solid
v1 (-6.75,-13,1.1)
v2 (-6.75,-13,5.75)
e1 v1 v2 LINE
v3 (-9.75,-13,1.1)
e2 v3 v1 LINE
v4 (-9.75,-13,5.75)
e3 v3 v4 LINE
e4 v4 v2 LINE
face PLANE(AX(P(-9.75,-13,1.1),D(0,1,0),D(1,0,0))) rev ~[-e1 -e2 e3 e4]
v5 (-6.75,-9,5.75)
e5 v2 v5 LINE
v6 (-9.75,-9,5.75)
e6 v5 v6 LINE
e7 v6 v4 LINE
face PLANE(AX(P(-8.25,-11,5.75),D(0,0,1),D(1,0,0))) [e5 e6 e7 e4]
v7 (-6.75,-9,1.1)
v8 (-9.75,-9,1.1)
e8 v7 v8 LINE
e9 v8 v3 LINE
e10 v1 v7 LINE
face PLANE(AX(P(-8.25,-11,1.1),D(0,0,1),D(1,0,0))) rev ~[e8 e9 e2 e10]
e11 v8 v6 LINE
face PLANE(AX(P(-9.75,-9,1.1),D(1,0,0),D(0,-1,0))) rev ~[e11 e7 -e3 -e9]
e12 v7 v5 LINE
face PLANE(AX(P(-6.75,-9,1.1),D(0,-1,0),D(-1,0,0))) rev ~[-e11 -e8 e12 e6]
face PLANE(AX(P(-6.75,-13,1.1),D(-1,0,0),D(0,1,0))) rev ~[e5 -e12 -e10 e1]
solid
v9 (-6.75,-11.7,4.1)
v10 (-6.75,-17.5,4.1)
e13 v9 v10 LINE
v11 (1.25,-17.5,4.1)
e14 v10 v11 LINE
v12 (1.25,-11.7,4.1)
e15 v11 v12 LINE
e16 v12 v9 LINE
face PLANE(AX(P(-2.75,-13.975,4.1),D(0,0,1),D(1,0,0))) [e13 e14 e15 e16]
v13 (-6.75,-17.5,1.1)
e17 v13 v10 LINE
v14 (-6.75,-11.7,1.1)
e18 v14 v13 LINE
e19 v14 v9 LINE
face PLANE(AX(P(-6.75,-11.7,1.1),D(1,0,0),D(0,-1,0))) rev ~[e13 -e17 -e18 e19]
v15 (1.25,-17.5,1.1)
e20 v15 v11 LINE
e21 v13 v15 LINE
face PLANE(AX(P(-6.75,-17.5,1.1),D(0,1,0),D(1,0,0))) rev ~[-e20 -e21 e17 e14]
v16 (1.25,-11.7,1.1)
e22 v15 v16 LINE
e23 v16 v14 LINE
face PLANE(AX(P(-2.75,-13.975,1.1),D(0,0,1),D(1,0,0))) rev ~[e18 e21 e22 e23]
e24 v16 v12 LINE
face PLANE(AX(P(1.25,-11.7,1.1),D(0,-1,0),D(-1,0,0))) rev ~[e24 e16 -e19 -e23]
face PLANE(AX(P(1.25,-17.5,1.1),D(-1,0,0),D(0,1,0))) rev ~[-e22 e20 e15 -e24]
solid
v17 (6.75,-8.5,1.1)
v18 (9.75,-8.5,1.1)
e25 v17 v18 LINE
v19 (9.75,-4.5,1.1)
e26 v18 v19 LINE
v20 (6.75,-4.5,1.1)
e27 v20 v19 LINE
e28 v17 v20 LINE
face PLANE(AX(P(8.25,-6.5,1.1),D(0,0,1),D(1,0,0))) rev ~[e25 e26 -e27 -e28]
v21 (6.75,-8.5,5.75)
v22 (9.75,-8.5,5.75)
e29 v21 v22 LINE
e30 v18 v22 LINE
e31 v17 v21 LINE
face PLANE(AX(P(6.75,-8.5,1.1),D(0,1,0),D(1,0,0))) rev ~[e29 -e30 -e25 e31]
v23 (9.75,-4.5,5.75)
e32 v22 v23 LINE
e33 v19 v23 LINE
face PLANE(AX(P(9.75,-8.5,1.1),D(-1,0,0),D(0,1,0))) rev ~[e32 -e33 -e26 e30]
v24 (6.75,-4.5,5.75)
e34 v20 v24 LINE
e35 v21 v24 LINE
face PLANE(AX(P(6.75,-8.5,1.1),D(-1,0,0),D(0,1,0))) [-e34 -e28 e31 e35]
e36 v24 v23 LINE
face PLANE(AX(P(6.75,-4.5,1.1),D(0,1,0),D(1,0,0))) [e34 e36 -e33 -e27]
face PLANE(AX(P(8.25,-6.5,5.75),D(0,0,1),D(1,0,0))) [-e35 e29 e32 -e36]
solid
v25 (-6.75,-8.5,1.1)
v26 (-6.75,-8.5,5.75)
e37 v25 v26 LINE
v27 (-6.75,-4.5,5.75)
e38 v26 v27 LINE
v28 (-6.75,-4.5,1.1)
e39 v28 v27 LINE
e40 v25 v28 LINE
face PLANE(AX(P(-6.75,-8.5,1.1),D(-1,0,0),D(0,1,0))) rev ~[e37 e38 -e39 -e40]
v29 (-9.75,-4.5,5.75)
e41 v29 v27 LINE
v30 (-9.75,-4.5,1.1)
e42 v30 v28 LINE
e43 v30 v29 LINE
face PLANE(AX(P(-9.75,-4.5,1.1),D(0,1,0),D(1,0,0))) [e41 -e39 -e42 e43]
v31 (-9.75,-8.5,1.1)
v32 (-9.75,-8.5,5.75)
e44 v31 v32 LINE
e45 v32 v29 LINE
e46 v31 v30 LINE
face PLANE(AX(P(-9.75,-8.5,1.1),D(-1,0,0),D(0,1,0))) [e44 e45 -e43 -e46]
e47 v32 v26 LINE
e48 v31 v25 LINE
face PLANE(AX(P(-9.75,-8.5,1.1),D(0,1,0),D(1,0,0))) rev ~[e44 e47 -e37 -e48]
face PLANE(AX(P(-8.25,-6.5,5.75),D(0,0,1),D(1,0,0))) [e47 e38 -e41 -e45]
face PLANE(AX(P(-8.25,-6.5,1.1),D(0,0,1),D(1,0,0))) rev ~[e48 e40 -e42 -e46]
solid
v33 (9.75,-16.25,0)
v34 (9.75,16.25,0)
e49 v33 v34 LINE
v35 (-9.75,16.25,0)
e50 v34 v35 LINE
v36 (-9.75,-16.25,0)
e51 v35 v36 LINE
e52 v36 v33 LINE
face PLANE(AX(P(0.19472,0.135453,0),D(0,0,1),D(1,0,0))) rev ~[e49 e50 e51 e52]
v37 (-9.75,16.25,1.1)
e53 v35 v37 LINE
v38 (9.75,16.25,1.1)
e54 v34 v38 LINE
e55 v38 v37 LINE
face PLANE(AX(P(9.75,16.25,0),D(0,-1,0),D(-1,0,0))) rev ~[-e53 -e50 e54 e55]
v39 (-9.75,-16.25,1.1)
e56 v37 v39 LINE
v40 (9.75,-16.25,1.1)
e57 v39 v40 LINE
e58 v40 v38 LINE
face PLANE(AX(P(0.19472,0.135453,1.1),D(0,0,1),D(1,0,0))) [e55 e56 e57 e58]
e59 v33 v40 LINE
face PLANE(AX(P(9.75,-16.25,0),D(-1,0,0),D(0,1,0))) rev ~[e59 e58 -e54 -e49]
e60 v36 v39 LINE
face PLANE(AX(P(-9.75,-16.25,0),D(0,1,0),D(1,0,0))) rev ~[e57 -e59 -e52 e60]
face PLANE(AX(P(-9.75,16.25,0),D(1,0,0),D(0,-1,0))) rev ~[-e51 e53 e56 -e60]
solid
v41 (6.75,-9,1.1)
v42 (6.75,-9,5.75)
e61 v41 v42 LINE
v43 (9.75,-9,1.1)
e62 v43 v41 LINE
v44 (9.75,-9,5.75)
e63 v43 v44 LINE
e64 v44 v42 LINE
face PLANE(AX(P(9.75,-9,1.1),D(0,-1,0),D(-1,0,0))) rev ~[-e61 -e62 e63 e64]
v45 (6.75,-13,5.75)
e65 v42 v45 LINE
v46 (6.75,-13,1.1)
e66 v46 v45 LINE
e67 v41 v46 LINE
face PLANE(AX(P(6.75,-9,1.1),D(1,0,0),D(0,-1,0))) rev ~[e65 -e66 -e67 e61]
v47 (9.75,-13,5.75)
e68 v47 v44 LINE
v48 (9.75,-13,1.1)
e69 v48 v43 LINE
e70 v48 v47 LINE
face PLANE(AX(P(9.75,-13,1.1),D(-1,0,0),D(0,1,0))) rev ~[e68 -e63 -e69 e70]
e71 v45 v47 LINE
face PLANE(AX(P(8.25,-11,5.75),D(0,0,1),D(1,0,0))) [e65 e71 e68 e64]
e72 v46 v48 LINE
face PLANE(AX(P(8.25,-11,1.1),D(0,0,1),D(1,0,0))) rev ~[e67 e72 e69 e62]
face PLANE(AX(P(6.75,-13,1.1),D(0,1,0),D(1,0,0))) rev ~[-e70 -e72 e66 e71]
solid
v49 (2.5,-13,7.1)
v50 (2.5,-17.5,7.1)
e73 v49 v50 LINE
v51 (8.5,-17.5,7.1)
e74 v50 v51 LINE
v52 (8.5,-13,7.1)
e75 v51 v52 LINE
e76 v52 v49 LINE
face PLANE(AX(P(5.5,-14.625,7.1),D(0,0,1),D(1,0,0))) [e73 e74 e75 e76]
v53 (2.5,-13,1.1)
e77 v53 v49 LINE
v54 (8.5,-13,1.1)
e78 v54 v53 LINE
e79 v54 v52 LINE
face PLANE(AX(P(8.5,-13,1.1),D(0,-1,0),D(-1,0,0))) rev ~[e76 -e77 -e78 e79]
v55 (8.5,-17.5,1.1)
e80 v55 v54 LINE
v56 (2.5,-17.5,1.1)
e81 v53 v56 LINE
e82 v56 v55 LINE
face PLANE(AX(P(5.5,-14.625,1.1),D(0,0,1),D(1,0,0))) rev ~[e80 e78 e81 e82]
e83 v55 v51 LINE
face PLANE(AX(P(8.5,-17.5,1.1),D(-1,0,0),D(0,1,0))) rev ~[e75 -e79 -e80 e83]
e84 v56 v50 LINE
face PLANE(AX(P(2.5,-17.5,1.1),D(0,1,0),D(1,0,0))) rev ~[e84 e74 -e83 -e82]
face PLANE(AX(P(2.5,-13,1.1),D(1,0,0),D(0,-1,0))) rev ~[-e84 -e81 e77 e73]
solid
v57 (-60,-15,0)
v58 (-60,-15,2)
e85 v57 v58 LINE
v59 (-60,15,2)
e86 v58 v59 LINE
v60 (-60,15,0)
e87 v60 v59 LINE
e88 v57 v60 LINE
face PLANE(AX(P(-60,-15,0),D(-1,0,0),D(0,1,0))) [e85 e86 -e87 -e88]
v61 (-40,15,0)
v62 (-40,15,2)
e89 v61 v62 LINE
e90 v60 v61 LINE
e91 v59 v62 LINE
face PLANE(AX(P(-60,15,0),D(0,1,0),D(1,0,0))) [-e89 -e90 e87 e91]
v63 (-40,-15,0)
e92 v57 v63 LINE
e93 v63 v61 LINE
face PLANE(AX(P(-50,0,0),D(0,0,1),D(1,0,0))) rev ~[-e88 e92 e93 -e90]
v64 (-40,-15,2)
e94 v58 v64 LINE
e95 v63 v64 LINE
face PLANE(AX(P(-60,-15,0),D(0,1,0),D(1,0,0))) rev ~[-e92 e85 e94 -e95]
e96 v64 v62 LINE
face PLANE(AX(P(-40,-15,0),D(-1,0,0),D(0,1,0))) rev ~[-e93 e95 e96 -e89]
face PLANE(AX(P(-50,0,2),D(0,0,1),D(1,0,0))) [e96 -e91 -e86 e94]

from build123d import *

# Parameters (mm, degrees)
F0_W     = 3
F0_H     = 4
F0_H_2   = 3.25
F0_W_2   = 1.25
F1_DEPTH = 1.1
F2_START = 1.1
F0_W_3   = 8
F0_H_3   = 1.25
F2_DEPTH = 3
F3_START = 1.1
F3_DEPTH = 4.65
F4_START = 1.1
F0_W_4   = 6
F4_DEPTH = 6
F5_W     = 20
F5_H     = 30
F6_DEPTH = 2


with BuildPart() as f1:
    # F0 (on Top) → F1 (new body)
    with BuildSketch(Plane.XY):
        Polygon((9.75, 16.25), (-9.75, 16.25), (-9.75, -4.5), (-6.75, -4.5), (-6.75, -8.5), (-9.75, -8.5), (-9.75, -9), (-6.75, -9), (-6.75, -11.7), (1.25, -11.7), (1.25, -16.25), (2.5, -16.25), (2.5, -13), (6.75, -13), (6.75, -9), (9.75, -9), (9.75, -8.5), (6.75, -8.5), (6.75, -4.5), (9.75, -4.5), align=None)
        with Locations((-8.25, -6.5)):
            Rectangle(F0_W, F0_H)
        Polygon((-6.75, -9), (-9.75, -9), (-9.75, -13), (-6.75, -13), (-6.75, -11.7), align=None)
        with Locations((-8.25, -14.625)):
            Rectangle(F0_W, F0_H_2)
        Polygon((-6.75, -11.7), (-6.75, -13), (-6.75, -16.25), (1.25, -16.25), (1.25, -11.7), align=None)
        Polygon((8.5, -16.25), (8.5, -13), (6.75, -13), (2.5, -13), (2.5, -16.25), align=None)
        with Locations((9.125, -14.625)):
            Rectangle(F0_W_2, F0_H_2)
        Polygon((9.75, -13), (9.75, -9), (6.75, -9), (6.75, -13), (8.5, -13), align=None)
        with Locations((8.25, -6.5)):
            Rectangle(F0_W, F0_H)
    extrude(amount=F1_DEPTH)


with BuildPart() as f2:
    # F0 (on Top) → F2 (new body)
    with BuildSketch(Plane.XY.offset(F2_START)):
        Polygon((-6.75, -11.7), (-6.75, -13), (-6.75, -16.25), (1.25, -16.25), (1.25, -11.7), align=None)
        with Locations((-2.75, -16.875)):
            Rectangle(F0_W_3, F0_H_3)
    extrude(amount=F2_DEPTH)


with BuildPart() as f3:
    # F0 (on Top) → F3 (new body)
    with BuildSketch(Plane.XY.offset(F3_START)):
        Polygon((-6.75, -9), (-9.75, -9), (-9.75, -13), (-6.75, -13), (-6.75, -11.7), align=None)
    extrude(amount=F3_DEPTH)


with BuildPart() as f3b:
    # F0 (on Top) → F3, piece 2 (new body)
    with BuildSketch(Plane.XY.offset(F3_START)):
        with Locations((-8.25, -6.5)):
            Rectangle(F0_W, F0_H)
    extrude(amount=F3_DEPTH)


with BuildPart() as f3c:
    # F0 (on Top) → F3, piece 3 (new body)
    with BuildSketch(Plane.XY.offset(F3_START)):
        Polygon((9.75, -13), (9.75, -9), (6.75, -9), (6.75, -13), (8.5, -13), align=None)
    extrude(amount=F3_DEPTH)


with BuildPart() as f3d:
    # F0 (on Top) → F3, piece 4 (new body)
    with BuildSketch(Plane.XY.offset(F3_START)):
        with Locations((8.25, -6.5)):
            Rectangle(F0_W, F0_H)
    extrude(amount=F3_DEPTH)


with BuildPart() as f4:
    # F0 (on Top) → F4 (new body)
    with BuildSketch(Plane.XY.offset(F4_START)):
        Polygon((8.5, -16.25), (8.5, -13), (6.75, -13), (2.5, -13), (2.5, -16.25), align=None)
        with Locations((5.5, -16.875)):
            Rectangle(F0_W_4, F0_H_3)
    extrude(amount=F4_DEPTH)


with BuildPart() as f6:
    # F5 (on Top) → F6 (new body)
    with BuildSketch(Plane.XY):
        with Locations((-50, 0)):
            Rectangle(F5_W, F5_H)
    extrude(amount=F6_DEPTH)


solid = Compound([f1.part, f2.part, f3.part, f3b.part, f3c.part, f3d.part, f4.part, f6.part])
